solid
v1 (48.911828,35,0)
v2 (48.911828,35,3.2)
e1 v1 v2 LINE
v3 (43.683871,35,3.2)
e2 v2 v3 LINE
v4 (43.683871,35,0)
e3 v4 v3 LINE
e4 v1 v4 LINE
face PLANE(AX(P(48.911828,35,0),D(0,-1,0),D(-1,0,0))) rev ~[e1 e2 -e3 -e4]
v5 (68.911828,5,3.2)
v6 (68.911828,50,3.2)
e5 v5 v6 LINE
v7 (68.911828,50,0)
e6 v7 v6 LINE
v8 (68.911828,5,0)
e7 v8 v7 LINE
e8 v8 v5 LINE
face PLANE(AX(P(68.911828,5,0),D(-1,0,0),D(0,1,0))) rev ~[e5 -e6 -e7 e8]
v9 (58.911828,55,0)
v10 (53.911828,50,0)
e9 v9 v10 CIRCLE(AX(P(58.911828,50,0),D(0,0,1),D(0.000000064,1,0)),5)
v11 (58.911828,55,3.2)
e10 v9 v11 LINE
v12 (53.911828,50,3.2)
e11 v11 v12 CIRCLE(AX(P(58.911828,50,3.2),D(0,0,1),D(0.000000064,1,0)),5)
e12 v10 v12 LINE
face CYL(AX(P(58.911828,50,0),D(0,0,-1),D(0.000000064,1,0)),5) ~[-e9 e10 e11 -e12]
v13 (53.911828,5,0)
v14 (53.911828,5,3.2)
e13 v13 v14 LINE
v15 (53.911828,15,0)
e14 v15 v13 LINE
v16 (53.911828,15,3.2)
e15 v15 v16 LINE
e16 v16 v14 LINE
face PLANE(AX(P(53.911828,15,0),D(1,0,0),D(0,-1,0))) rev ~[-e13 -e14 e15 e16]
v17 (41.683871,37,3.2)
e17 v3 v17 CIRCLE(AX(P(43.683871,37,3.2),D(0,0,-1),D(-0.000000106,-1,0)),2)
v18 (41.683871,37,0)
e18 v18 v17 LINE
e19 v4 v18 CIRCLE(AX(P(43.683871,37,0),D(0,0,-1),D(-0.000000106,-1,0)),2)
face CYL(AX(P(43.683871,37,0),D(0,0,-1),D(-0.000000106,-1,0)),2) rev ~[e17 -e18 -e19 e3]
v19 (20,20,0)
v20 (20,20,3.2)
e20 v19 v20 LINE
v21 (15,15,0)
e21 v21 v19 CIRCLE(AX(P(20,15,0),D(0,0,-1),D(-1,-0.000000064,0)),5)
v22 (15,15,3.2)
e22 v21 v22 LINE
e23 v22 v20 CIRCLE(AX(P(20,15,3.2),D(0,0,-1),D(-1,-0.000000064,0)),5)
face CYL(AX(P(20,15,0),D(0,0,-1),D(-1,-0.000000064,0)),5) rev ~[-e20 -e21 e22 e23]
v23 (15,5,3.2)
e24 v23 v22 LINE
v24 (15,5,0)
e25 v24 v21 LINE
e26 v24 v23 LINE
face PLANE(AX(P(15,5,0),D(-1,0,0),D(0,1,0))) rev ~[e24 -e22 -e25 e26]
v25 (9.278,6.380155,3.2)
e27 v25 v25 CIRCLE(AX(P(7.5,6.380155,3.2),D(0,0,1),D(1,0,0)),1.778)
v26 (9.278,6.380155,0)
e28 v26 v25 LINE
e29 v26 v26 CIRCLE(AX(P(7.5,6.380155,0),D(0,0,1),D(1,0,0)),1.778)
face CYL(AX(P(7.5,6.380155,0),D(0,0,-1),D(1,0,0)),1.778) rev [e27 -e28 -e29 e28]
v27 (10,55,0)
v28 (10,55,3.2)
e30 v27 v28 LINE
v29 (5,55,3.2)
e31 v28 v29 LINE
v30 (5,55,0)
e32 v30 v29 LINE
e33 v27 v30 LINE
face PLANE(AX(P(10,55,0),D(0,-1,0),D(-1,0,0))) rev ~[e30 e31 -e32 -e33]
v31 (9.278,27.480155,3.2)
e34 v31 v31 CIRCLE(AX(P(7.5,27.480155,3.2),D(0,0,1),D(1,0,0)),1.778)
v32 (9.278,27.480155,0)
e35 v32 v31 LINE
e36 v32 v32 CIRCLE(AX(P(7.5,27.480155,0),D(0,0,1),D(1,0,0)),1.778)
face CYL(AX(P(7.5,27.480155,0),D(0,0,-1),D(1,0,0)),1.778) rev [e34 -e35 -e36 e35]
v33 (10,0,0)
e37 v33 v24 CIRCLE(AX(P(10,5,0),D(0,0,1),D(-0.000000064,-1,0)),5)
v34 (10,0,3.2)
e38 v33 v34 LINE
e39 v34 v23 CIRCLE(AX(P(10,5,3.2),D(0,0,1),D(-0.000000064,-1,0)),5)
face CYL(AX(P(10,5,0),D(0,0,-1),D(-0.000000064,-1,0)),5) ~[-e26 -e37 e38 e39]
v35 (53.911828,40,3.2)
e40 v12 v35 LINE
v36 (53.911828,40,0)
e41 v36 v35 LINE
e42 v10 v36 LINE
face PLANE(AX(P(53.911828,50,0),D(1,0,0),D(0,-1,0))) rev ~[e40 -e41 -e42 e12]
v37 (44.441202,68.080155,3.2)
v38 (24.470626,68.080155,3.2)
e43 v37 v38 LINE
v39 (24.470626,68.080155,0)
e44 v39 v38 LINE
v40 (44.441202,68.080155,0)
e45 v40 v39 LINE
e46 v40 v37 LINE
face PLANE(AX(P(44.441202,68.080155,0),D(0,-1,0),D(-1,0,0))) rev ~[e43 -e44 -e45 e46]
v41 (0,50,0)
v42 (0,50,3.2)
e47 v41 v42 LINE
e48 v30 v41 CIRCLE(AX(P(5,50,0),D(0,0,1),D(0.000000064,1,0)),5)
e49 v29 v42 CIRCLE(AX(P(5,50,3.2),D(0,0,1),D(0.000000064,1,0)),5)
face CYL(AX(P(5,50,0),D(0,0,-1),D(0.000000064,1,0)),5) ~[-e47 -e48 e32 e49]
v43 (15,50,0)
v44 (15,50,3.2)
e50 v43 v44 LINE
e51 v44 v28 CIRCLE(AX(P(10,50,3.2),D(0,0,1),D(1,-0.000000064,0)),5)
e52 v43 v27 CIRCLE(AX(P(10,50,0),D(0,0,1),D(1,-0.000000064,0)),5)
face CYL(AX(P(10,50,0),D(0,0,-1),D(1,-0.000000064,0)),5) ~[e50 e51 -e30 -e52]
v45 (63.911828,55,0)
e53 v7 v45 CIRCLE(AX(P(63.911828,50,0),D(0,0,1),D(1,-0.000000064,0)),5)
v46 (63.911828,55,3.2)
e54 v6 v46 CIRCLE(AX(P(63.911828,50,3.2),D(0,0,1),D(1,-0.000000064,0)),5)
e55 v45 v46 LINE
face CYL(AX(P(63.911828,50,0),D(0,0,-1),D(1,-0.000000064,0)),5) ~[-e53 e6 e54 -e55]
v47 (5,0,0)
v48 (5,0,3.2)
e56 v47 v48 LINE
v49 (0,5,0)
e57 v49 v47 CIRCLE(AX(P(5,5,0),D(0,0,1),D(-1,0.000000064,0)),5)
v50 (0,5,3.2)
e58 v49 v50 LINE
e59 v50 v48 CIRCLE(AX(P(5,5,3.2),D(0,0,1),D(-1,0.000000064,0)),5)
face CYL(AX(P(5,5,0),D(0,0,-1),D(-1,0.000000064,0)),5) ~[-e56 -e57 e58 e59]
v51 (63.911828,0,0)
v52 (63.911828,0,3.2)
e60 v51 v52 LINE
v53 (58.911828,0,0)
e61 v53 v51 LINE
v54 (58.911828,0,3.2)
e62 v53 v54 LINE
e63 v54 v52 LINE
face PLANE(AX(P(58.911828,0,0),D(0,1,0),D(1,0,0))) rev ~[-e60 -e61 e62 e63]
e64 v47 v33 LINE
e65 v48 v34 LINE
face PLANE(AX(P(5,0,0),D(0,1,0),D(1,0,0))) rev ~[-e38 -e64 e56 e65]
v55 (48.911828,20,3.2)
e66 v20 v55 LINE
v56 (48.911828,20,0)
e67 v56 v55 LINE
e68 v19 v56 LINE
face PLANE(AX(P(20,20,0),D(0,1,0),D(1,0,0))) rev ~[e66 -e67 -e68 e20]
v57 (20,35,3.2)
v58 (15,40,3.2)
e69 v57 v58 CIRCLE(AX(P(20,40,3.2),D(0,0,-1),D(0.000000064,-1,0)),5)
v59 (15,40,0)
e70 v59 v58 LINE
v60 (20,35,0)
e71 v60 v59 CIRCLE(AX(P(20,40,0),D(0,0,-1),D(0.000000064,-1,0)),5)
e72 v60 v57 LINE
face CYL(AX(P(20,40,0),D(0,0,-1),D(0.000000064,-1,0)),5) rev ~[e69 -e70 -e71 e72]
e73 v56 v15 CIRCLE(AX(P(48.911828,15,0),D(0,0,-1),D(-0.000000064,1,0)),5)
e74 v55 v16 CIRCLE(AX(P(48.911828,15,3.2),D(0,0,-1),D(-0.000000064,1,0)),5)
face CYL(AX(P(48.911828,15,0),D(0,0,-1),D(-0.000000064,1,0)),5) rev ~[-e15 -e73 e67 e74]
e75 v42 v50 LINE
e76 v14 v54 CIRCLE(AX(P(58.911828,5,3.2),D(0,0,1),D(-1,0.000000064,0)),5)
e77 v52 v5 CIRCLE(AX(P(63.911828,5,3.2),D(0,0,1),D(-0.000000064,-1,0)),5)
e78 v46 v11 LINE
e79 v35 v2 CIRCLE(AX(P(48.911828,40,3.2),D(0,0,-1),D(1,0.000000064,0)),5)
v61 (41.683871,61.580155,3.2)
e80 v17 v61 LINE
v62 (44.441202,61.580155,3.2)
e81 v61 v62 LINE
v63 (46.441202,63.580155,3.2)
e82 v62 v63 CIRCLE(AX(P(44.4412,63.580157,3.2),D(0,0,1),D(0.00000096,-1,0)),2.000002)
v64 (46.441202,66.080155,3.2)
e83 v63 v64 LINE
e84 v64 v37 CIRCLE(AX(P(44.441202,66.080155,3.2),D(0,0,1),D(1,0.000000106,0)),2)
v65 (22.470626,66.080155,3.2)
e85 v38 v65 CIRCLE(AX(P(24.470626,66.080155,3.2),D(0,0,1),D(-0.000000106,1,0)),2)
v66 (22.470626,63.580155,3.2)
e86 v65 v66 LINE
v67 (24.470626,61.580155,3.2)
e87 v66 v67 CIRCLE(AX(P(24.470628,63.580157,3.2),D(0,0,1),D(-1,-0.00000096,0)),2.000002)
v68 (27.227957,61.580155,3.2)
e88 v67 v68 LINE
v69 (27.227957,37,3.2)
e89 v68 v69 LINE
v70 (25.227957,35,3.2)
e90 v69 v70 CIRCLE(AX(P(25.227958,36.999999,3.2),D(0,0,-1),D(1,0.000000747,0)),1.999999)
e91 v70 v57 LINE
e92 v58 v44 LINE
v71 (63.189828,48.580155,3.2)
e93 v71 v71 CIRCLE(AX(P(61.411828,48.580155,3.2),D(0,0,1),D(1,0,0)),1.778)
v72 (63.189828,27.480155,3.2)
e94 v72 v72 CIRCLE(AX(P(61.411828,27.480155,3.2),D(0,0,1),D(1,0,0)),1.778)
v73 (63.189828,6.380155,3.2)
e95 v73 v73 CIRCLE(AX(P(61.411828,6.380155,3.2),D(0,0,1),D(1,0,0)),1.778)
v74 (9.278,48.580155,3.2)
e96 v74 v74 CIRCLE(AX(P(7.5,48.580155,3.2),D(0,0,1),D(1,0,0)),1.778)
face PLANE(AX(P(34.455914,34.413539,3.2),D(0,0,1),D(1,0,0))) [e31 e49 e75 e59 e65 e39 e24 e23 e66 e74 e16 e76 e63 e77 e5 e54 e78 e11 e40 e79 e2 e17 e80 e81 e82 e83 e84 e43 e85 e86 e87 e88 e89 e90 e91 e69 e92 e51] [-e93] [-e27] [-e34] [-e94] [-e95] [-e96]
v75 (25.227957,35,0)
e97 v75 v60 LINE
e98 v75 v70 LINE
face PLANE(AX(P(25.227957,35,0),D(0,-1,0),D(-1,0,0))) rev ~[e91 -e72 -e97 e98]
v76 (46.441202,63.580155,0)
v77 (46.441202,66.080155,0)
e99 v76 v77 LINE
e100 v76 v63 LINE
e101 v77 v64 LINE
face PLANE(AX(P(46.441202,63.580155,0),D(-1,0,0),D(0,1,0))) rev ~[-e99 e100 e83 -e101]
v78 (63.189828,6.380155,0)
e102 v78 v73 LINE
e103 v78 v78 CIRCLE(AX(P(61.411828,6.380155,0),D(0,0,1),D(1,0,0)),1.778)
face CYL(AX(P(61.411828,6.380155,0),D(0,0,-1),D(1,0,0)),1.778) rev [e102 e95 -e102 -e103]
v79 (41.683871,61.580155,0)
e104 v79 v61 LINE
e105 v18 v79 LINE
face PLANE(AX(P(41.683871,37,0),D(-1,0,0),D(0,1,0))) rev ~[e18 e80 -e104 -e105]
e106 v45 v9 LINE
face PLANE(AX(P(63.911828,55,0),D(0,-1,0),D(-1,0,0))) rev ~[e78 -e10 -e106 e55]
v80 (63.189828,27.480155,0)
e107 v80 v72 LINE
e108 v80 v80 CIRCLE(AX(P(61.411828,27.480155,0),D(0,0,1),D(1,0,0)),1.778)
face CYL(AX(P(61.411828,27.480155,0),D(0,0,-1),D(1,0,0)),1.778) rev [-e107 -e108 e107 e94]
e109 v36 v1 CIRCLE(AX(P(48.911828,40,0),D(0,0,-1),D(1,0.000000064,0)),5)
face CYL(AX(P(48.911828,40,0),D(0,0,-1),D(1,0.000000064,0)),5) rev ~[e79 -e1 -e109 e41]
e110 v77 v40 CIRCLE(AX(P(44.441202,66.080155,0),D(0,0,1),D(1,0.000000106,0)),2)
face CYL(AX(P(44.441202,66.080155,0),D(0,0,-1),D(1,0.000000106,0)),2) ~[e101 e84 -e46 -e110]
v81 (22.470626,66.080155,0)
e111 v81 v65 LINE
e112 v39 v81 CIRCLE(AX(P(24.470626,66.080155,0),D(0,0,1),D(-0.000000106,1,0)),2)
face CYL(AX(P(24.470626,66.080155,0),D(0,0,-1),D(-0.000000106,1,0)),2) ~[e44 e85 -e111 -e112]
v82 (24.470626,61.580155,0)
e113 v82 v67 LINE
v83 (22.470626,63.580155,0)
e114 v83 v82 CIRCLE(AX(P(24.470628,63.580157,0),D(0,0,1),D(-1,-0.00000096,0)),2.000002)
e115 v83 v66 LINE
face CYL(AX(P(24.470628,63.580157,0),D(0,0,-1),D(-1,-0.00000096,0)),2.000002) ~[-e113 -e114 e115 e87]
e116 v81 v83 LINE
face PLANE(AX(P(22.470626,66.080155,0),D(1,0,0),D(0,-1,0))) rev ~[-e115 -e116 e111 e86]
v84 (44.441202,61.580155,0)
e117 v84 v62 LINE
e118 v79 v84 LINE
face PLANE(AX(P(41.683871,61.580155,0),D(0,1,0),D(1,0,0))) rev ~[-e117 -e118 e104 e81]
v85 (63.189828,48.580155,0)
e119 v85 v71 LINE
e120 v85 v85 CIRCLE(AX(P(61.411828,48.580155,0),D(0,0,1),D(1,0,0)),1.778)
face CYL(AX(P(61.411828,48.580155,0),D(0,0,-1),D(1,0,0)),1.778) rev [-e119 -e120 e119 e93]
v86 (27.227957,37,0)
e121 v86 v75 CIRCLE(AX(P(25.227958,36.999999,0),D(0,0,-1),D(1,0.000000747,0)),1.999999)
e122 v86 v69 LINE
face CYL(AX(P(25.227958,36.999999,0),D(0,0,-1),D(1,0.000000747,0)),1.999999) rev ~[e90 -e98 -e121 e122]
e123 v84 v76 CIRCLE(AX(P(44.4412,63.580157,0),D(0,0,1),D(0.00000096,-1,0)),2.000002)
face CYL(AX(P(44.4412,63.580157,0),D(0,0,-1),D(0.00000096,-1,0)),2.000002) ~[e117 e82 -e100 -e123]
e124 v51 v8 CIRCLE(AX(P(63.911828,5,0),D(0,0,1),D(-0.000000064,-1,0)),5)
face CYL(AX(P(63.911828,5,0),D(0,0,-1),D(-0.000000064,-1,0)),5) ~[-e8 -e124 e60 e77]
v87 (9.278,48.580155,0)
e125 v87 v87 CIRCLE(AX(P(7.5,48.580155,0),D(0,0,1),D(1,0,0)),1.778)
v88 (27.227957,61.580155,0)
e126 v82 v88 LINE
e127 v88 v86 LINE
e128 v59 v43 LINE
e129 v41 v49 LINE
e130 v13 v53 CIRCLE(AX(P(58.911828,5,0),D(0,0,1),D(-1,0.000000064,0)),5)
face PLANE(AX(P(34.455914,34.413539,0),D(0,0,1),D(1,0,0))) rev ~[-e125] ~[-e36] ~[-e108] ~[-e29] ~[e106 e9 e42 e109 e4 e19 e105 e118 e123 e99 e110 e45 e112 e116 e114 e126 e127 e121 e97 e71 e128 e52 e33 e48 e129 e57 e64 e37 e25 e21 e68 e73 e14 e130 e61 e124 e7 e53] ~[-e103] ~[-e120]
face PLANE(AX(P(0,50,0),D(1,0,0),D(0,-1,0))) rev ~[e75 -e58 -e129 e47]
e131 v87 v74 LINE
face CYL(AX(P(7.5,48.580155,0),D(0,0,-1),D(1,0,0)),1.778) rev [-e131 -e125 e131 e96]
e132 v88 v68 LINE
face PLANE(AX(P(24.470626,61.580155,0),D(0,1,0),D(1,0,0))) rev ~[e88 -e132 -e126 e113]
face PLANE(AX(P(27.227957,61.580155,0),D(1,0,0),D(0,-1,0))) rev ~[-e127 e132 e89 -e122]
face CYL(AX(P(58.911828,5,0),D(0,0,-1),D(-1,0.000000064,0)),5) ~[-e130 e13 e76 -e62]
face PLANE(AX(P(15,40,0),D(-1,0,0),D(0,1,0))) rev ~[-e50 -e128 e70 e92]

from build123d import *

# Parameters (mm, degrees)
F0_R     = 1.778
F1_DEPTH = 3.2


with BuildPart() as f1:
    # F0 (on Top) → F1 (new body)
    with BuildSketch(Plane.XY):
        with BuildLine():
            ThreePointArc((0, 5), (1.464466, 1.464466), (5, 0))
            Line((5, 0), (10, 0))
            ThreePointArc((10, 0), (13.535534, 1.464466), (15, 5))
            Line((15, 5), (15, 15))
            ThreePointArc((15, 15), (16.464466, 18.535534), (20, 20))
            Line((20, 20), (34.455914, 20))
            Line((34.455914, 20), (48.911828, 20))
            ThreePointArc((48.911828, 20), (52.447362, 18.535534), (53.911828, 15))
            Line((53.911828, 15), (53.911828, 5))
            ThreePointArc((53.911828, 5), (55.376294, 1.464466), (58.911828, 0))
            Line((58.911828, 0), (63.911828, 0))
            ThreePointArc((63.911828, 0), (67.447362, 1.464466), (68.911828, 5))
            Line((68.911828, 5), (68.911828, 50))
            ThreePointArc((68.911828, 50), (67.447362, 53.535534), (63.911828, 55))
            Line((63.911828, 55), (58.911828, 55))
            ThreePointArc((58.911828, 55), (55.376294, 53.535534), (53.911828, 50))
            Line((53.911828, 50), (53.911828, 40))
            ThreePointArc((53.911828, 40), (52.447362, 36.464466), (48.911828, 35))
            Line((48.911828, 35), (43.683871, 35))
            ThreePointArc((43.683871, 35), (42.269658, 35.585786), (41.683871, 37))
            Line((41.683871, 37), (41.683871, 61.580155))
            Line((41.683871, 61.580155), (44.441202, 61.580155))
            ThreePointArc((44.441202, 61.580155), (45.855415, 62.165942), (46.441202, 63.580155))
            Line((46.441202, 63.580155), (46.441202, 66.080155))
            ThreePointArc((46.441202, 66.080155), (45.855415, 67.494369), (44.441202, 68.080155))
            Line((44.441202, 68.080155), (34.455914, 68.080155))
            Line((34.455914, 68.080155), (24.470626, 68.080155))
            ThreePointArc((24.470626, 68.080155), (23.056413, 67.494369), (22.470626, 66.080155))
            Line((22.470626, 66.080155), (22.470626, 63.580155))
            ThreePointArc((22.470626, 63.580155), (23.056413, 62.165942), (24.470626, 61.580155))
            Line((24.470626, 61.580155), (27.227957, 61.580155))
            Line((27.227957, 61.580155), (27.227957, 37))
            ThreePointArc((27.227957, 37), (26.642171, 35.585786), (25.227957, 35))
            Line((25.227957, 35), (20, 35))
            ThreePointArc((20, 35), (16.464466, 36.464466), (15, 40))
            Line((15, 40), (15, 50))
            ThreePointArc((15, 50), (13.535534, 53.535534), (10, 55))
            Line((10, 55), (5, 55))
            ThreePointArc((5, 55), (1.464466, 53.535534), (0, 50))
            Line((0, 50), (0, 5))
        make_face()
        with Locations((7.5, 6.380155)):
            Circle(F0_R, mode=Mode.SUBTRACT)
        with Locations((7.5, 27.480155)):
            Circle(F0_R, mode=Mode.SUBTRACT)
        with Locations((61.411828, 6.380155)):
            Circle(F0_R, mode=Mode.SUBTRACT)
        with Locations((61.411828, 27.480155)):
            Circle(F0_R, mode=Mode.SUBTRACT)
        with Locations((7.5, 48.580155)):
            Circle(F0_R, mode=Mode.SUBTRACT)
        with Locations((61.411828, 48.580155)):
            Circle(F0_R, mode=Mode.SUBTRACT)
    extrude(amount=F1_DEPTH)


solid = f1.part
